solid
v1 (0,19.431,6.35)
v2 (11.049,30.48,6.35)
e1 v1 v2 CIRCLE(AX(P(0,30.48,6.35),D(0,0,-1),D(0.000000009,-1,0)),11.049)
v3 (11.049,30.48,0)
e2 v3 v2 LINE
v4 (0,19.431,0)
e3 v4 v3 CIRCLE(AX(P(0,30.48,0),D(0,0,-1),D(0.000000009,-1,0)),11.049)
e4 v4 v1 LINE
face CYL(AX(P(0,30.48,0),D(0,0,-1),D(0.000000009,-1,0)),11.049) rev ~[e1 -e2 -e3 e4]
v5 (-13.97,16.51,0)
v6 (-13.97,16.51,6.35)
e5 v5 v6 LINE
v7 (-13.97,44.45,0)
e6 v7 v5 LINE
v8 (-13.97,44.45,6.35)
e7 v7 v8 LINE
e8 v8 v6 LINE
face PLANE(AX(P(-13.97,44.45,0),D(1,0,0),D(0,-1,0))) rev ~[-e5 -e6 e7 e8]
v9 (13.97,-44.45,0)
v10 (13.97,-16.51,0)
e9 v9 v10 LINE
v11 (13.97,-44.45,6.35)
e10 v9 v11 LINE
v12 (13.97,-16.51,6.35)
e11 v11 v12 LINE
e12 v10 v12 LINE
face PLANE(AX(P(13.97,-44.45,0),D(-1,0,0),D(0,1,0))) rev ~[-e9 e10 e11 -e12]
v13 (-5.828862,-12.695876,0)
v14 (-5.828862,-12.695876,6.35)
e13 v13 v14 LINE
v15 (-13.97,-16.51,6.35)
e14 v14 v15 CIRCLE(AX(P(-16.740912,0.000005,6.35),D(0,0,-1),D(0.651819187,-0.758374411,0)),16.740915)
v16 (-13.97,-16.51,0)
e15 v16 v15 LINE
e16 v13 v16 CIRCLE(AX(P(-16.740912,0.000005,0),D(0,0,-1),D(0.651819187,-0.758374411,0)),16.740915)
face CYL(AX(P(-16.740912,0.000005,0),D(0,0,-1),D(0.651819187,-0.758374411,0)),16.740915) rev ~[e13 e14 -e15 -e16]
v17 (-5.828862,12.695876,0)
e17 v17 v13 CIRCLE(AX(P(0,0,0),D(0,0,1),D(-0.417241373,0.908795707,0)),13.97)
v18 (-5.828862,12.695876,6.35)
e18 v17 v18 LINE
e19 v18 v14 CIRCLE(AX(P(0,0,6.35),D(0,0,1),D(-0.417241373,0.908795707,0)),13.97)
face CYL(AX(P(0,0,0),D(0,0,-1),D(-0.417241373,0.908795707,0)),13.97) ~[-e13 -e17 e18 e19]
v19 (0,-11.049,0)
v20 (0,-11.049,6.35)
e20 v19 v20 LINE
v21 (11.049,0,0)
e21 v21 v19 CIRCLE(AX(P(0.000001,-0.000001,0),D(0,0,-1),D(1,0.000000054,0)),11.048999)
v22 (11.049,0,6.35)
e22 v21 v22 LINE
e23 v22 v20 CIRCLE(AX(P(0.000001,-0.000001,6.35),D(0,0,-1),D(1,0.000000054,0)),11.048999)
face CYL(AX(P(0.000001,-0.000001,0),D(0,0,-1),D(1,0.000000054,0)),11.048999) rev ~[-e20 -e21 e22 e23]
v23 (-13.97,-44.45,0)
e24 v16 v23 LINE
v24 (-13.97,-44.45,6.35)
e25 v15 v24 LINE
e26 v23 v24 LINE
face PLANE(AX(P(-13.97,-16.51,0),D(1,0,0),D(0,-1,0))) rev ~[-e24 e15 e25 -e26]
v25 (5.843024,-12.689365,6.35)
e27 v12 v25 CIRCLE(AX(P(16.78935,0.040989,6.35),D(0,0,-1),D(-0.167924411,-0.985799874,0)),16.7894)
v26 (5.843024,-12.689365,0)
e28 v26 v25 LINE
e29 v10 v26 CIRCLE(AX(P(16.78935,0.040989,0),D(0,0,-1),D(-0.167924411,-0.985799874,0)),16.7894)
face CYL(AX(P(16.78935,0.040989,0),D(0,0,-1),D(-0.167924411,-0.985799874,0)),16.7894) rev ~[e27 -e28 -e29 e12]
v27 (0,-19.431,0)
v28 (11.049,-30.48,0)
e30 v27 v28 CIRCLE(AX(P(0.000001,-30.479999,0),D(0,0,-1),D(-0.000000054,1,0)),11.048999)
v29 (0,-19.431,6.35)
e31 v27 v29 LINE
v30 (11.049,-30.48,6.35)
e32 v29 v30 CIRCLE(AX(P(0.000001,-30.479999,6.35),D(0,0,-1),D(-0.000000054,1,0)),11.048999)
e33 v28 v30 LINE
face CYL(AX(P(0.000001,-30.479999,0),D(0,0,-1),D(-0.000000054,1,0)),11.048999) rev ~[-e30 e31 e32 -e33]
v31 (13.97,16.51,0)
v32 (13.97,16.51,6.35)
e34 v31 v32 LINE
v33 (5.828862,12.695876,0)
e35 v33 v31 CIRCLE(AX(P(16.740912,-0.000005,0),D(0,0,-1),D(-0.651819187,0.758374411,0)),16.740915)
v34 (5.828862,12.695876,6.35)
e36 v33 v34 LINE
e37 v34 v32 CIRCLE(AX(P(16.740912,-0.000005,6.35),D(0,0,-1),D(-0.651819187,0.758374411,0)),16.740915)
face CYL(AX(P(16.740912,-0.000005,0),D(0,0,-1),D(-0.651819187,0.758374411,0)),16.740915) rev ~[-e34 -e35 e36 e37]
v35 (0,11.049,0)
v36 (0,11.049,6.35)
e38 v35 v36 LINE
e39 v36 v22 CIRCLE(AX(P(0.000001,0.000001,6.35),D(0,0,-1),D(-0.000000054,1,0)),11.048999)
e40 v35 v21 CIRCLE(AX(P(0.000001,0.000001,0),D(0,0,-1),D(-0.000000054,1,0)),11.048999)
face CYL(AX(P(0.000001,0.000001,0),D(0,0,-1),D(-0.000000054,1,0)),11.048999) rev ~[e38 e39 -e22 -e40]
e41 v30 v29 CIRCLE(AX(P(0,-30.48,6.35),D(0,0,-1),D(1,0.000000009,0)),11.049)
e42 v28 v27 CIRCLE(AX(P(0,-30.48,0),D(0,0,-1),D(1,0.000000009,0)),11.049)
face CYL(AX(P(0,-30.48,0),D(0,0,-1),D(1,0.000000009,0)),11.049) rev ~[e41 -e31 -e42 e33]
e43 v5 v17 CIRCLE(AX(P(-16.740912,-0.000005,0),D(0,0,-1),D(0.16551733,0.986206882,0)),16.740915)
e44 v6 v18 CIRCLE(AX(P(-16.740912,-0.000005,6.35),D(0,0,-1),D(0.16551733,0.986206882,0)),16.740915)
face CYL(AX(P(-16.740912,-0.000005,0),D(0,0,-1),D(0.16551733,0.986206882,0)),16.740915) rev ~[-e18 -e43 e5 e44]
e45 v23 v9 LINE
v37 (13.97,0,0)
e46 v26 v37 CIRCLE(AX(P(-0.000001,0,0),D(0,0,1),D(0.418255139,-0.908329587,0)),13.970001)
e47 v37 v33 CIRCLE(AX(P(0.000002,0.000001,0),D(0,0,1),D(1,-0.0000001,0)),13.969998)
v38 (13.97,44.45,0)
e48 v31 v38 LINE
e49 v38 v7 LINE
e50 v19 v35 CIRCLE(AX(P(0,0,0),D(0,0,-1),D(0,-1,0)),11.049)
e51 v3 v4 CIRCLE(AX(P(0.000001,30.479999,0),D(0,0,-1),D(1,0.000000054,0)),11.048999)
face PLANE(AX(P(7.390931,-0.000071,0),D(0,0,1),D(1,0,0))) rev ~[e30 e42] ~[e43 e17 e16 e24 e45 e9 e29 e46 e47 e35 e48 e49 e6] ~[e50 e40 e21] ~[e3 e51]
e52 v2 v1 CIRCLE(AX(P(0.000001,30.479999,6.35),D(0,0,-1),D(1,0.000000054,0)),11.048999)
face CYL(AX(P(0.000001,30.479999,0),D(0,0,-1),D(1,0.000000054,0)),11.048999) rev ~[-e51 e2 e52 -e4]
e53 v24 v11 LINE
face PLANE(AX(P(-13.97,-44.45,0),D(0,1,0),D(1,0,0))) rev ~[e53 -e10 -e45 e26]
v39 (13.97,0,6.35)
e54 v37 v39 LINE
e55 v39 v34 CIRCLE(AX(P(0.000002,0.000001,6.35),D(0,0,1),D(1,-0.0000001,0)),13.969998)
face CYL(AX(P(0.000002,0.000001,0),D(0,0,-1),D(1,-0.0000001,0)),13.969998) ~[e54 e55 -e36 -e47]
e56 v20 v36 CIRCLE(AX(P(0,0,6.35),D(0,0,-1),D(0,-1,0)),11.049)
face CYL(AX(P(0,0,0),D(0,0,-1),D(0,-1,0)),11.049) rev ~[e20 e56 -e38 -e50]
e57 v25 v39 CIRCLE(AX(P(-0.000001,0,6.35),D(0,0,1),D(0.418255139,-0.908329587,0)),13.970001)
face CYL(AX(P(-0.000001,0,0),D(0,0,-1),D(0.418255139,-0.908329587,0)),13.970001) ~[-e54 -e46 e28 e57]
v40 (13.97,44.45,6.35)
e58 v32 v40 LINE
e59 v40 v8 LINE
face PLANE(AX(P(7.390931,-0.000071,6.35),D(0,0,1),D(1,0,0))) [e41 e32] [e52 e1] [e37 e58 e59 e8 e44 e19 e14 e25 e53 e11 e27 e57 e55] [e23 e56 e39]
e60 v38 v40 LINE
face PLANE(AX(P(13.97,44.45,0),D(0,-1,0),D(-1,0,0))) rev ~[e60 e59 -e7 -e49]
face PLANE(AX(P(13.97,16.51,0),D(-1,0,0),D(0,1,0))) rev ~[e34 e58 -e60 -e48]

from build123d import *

# Parameters (mm, degrees)
F1_DEPTH = 6.35


with BuildPart() as f1:
    # F0 (on Top) → F1 (new body)
    with BuildSketch(Plane.XY):
        with BuildLine():
            ThreePointArc((5.843024, -12.689365), (11.764097, -7.534383), (13.97, 0))
            ThreePointArc((13.97, 0), (11.759892, 7.540945), (5.828862, 12.695876))
            ThreePointArc((5.828862, 12.695876), (2.983246, 13.647752), (0, 13.97))
            Line((0, 13.97), (0, 11.049))
            ThreePointArc((0, 11.049), (7.812823, 7.812823), (11.049, 0))
            ThreePointArc((11.049, 0), (7.812823, -7.812823), (0, -11.049))
            Line((0, -11.049), (0, -13.97))
            ThreePointArc((0, -13.97), (2.990859, -13.646086), (5.843024, -12.689365))
        make_face()
        with BuildLine():
            ThreePointArc((0, 13.97), (2.983246, 13.647752), (5.828862, 12.695876))
            ThreePointArc((5.828862, 12.695876), (9.638606, 15.159661), (13.97, 16.51))
            Line((13.97, 16.51), (0, 16.51))
            Line((0, 16.51), (0, 13.97))
        make_face()
        with BuildLine():
            ThreePointArc((13.97, -16.51), (9.646327, -15.153128), (5.843024, -12.689365))
            ThreePointArc((5.843024, -12.689365), (2.990859, -13.646086), (0, -13.97))
            Line((0, -13.97), (0, -16.51))
            Line((0, -16.51), (13.97, -16.51))
        make_face()
        with BuildLine():
            Line((0, 11.049), (0, 13.97))
            ThreePointArc((0, 13.97), (-2.983246, 13.647752), (-5.828862, 12.695876))
            ThreePointArc((-5.828862, 12.695876), (-13.97, 0), (-5.828862, -12.695876))
            ThreePointArc((-5.828862, -12.695876), (-2.983246, -13.647752), (0, -13.97))
            Line((0, -13.97), (0, -11.049))
            ThreePointArc((0, -11.049), (-11.049, 0), (0, 11.049))
        make_face()
        with BuildLine():
            ThreePointArc((-5.828862, 12.695876), (-2.983246, 13.647752), (0, 13.97))
            Line((0, 13.97), (0, 16.51))
            Line((0, 16.51), (-13.97, 16.51))
            ThreePointArc((-13.97, 16.51), (-9.638606, 15.159661), (-5.828862, 12.695876))
        make_face()
        with BuildLine():
            Line((0, 16.51), (13.97, 16.51))
            Line((13.97, 16.51), (13.97, 30.48))
            ThreePointArc((13.97, 30.48), (9.878282, 20.601718), (0, 16.51))
        make_face()
        with BuildLine():
            Line((0, -16.51), (0, -13.97))
            ThreePointArc((0, -13.97), (-2.983246, -13.647752), (-5.828862, -12.695876))
            ThreePointArc((-5.828862, -12.695876), (-9.638606, -15.159661), (-13.97, -16.51))
            Line((-13.97, -16.51), (0, -16.51))
        make_face()
        with BuildLine():
            Line((13.97, -30.48), (13.97, -16.51))
            Line((13.97, -16.51), (0, -16.51))
            ThreePointArc((0, -16.51), (9.878282, -20.601718), (13.97, -30.48))
        make_face()
        with BuildLine():
            ThreePointArc((11.049, 30.48), (-7.812823, 38.292823), (0, 19.431))
            ThreePointArc((0, 19.431), (7.812823, 22.667177), (11.049, 30.48))
        make_face()
        with BuildLine():
            Line((-13.97, 16.51), (0, 16.51))
            ThreePointArc((0, 16.51), (-9.878282, 20.601718), (-13.97, 30.48))
            Line((-13.97, 30.48), (-13.97, 16.51))
        make_face()
        with BuildLine():
            ThreePointArc((-13.97, 30.48), (-9.878282, 20.601718), (0, 16.51))
            ThreePointArc((0, 16.51), (9.878282, 20.601718), (13.97, 30.48))
            ThreePointArc((13.97, 30.48), (9.878282, 40.358282), (0, 44.45))
            ThreePointArc((0, 44.45), (-9.878282, 40.358282), (-13.97, 30.48))
        make_face()
        with BuildLine():
            ThreePointArc((11.049, 30.48), (7.812823, 22.667177), (0, 19.431))
            ThreePointArc((0, 19.431), (-7.812823, 38.292823), (11.049, 30.48))
        make_face(mode=Mode.SUBTRACT)
        with BuildLine():
            ThreePointArc((0, 44.45), (9.878282, 40.358282), (13.97, 30.48))
            Line((13.97, 30.48), (13.97, 44.45))
            Line((13.97, 44.45), (0, 44.45))
        make_face()
        with BuildLine():
            ThreePointArc((11.049, -30.48), (7.812823, -22.667177), (0, -19.431))
            ThreePointArc((0, -19.431), (-7.812823, -38.292823), (11.049, -30.48))
        make_face()
        with BuildLine():
            ThreePointArc((13.97, -30.48), (9.878282, -20.601718), (0, -16.51))
            ThreePointArc((0, -16.51), (-9.878282, -20.601718), (-13.97, -30.48))
            ThreePointArc((-13.97, -30.48), (-9.878282, -40.358282), (0, -44.45))
            ThreePointArc((0, -44.45), (9.878282, -40.358282), (13.97, -30.48))
        make_face()
        with BuildLine():
            ThreePointArc((11.049, -30.48), (-7.812823, -38.292823), (0, -19.431))
            ThreePointArc((0, -19.431), (7.812823, -22.667177), (11.049, -30.48))
        make_face(mode=Mode.SUBTRACT)
        with BuildLine():
            ThreePointArc((-13.97, -30.48), (-9.878282, -20.601718), (0, -16.51))
            Line((0, -16.51), (-13.97, -16.51))
            Line((-13.97, -16.51), (-13.97, -30.48))
        make_face()
        with BuildLine():
            Line((13.97, -44.45), (13.97, -30.48))
            ThreePointArc((13.97, -30.48), (9.878282, -40.358282), (0, -44.45))
            Line((0, -44.45), (13.97, -44.45))
        make_face()
        with BuildLine():
            Line((-13.97, 44.45), (-13.97, 30.48))
            ThreePointArc((-13.97, 30.48), (-9.878282, 40.358282), (0, 44.45))
            Line((0, 44.45), (-13.97, 44.45))
        make_face()
        with BuildLine():
            ThreePointArc((0, -44.45), (-9.878282, -40.358282), (-13.97, -30.48))
            Line((-13.97, -30.48), (-13.97, -44.45))
            Line((-13.97, -44.45), (0, -44.45))
        make_face()
    extrude(amount=F1_DEPTH)


solid = f1.part
